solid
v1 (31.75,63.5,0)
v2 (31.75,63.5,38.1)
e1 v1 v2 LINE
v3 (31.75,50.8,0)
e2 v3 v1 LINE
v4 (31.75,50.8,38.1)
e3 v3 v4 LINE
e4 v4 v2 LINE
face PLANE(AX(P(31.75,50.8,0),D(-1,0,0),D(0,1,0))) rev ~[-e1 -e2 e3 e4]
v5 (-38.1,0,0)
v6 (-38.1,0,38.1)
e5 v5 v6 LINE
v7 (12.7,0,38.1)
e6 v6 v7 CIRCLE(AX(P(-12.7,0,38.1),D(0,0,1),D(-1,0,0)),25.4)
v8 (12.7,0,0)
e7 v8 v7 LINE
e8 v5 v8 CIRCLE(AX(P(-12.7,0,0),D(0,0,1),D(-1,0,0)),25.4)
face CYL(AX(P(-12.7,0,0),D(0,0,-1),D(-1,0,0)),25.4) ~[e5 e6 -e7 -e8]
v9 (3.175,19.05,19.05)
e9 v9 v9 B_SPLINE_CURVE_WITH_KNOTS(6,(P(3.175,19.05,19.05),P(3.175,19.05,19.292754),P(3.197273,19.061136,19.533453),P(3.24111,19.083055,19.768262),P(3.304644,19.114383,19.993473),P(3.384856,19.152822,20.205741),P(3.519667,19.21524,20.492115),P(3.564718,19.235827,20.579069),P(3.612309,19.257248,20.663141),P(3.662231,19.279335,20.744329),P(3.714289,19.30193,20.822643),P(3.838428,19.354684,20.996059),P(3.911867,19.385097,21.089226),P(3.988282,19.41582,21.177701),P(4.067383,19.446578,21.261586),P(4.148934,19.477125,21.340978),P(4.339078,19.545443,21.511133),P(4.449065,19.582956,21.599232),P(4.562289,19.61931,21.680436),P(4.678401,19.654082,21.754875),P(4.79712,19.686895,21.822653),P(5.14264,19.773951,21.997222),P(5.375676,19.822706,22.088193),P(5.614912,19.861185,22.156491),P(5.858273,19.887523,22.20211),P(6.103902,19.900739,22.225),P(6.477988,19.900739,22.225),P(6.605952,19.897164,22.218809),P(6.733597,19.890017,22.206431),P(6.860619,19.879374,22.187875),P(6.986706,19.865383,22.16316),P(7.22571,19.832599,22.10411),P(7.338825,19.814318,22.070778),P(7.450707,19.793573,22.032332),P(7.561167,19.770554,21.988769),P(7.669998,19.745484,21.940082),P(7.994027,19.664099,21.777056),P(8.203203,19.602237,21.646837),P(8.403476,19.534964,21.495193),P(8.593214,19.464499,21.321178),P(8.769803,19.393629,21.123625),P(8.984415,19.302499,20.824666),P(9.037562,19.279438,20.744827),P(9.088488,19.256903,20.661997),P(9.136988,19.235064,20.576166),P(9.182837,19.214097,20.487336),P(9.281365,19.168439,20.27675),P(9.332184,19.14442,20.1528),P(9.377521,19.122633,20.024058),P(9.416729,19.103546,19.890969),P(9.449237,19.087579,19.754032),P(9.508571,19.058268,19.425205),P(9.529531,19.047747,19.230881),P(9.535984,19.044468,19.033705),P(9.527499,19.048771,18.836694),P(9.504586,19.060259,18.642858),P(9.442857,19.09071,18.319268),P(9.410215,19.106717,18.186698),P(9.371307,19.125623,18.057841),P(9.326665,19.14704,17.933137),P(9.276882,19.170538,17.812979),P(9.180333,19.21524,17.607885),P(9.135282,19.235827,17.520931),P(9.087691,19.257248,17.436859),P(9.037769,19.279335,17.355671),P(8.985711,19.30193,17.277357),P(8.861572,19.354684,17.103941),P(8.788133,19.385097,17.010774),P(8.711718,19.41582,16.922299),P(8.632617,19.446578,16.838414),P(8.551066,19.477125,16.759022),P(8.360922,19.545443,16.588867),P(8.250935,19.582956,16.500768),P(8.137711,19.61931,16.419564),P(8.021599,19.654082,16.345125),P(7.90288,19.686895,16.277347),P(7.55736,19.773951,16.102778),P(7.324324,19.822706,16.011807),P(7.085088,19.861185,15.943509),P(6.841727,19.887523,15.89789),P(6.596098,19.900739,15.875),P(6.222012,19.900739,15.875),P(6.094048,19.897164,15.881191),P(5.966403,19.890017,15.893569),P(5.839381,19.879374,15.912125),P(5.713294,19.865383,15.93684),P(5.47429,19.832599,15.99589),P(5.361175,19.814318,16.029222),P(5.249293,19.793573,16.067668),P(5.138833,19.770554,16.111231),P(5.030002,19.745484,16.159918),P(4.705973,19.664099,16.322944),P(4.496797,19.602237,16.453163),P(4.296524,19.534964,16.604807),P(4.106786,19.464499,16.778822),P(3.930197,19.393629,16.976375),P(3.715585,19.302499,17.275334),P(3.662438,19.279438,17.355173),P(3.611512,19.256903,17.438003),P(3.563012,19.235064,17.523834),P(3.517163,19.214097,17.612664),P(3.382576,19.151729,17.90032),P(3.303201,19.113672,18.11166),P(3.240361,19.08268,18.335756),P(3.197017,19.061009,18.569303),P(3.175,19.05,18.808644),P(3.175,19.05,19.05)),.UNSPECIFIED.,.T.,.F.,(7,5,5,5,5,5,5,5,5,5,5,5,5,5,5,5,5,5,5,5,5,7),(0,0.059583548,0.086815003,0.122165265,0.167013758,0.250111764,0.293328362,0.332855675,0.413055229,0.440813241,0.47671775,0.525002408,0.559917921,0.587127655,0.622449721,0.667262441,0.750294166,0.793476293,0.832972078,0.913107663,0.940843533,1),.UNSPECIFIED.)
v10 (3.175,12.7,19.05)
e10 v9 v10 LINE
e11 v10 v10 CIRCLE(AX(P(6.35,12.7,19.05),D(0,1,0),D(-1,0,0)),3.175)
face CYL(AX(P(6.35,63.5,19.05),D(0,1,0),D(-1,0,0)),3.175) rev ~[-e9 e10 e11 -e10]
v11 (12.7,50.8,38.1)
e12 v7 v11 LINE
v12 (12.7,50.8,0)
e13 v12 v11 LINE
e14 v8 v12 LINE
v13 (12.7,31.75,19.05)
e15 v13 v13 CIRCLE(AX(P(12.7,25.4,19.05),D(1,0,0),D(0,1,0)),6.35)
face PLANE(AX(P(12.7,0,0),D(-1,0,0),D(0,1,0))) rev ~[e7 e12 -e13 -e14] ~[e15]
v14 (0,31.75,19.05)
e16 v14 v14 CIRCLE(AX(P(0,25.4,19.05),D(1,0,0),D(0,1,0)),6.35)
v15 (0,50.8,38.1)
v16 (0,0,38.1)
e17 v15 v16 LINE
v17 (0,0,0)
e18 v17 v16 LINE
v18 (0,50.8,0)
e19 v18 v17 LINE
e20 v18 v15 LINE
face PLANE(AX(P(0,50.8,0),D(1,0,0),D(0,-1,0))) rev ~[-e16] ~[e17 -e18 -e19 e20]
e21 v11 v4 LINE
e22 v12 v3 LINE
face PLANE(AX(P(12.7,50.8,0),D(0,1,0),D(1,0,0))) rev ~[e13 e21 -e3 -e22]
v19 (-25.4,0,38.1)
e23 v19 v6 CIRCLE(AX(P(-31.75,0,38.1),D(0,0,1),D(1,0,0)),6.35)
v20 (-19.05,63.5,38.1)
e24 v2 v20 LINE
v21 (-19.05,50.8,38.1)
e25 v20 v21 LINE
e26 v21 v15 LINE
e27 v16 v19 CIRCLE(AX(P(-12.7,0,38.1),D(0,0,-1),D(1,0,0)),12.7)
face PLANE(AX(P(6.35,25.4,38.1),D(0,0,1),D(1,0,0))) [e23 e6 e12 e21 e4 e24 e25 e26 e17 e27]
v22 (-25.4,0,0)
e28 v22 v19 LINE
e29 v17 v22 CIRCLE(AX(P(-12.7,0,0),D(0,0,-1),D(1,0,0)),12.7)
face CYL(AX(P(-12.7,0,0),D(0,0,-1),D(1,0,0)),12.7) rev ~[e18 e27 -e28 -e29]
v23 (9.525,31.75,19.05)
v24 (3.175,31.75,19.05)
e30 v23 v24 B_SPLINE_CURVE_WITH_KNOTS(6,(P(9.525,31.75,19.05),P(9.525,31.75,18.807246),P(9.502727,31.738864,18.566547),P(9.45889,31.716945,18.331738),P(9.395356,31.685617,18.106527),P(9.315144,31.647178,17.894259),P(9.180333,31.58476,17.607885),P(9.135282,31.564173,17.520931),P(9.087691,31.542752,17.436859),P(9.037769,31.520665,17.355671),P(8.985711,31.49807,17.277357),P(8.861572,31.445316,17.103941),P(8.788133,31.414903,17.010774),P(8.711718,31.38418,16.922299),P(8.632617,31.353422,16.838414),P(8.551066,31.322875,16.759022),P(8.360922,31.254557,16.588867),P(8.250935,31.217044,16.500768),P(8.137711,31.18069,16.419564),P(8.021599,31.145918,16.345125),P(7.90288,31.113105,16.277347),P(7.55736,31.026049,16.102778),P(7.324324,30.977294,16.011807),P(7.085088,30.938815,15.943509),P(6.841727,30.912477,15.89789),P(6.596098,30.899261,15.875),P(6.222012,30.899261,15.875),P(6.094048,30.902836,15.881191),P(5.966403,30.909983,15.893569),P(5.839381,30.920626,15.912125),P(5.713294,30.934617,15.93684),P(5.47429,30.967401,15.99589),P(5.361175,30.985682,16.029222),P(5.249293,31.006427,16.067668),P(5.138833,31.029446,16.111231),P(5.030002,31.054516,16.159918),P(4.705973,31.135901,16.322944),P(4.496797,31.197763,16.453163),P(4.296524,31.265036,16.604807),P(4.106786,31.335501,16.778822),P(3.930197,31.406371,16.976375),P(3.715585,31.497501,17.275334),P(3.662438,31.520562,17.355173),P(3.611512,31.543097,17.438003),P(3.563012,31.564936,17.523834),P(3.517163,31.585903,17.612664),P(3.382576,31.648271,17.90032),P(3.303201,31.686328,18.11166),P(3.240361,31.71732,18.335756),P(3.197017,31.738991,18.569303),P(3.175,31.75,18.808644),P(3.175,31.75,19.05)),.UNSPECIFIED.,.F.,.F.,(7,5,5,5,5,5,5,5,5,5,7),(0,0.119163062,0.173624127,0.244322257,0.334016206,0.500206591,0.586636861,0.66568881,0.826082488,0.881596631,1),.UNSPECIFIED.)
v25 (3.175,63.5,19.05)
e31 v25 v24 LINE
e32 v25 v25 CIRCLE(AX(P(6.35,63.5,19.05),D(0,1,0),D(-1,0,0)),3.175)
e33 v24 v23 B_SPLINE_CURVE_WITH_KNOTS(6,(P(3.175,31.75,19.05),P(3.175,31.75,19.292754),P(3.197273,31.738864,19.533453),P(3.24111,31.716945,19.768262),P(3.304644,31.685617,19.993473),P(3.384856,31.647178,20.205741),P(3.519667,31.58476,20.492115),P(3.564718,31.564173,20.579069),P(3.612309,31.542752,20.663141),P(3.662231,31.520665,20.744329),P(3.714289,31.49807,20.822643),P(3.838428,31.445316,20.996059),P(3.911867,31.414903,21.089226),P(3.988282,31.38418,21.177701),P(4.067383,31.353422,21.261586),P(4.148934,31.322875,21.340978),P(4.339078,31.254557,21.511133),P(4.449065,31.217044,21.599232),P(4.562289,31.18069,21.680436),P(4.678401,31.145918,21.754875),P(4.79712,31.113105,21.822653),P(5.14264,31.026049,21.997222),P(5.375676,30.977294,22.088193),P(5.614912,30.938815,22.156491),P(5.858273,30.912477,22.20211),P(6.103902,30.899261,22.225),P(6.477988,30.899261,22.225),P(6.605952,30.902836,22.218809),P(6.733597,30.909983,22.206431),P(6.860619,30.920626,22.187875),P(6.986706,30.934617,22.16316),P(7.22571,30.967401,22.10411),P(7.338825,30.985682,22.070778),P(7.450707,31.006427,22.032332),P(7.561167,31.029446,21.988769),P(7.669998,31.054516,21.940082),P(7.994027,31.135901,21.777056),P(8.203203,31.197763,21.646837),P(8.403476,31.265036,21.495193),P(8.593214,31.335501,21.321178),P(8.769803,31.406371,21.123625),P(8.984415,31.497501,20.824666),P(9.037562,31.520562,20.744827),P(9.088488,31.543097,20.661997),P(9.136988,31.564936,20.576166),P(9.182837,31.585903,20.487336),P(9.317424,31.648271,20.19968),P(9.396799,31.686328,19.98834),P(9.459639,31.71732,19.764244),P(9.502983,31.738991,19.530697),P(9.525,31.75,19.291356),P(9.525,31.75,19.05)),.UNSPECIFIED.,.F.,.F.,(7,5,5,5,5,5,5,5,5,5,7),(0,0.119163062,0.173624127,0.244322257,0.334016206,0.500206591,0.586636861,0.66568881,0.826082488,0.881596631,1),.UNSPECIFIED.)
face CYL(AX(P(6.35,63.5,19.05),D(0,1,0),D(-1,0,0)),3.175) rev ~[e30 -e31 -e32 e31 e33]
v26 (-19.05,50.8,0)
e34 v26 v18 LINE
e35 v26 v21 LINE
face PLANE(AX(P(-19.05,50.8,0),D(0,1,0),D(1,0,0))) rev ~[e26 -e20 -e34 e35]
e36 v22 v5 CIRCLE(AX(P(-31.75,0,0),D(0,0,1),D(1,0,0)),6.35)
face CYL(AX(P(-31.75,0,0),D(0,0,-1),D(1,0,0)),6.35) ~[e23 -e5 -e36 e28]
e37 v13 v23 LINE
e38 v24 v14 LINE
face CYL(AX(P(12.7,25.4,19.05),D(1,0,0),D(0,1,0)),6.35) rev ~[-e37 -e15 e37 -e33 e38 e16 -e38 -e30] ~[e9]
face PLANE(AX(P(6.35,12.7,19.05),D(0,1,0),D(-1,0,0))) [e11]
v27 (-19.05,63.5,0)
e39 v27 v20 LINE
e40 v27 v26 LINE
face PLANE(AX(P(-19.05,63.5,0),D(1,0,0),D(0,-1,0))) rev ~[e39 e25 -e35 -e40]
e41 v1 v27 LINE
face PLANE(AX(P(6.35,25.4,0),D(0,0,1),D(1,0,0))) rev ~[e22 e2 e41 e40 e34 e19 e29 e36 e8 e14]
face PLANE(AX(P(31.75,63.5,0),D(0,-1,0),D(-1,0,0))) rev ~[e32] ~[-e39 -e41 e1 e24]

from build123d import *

# Parameters (mm, degrees)
F1_DEPTH = 38.1
F2_R     = 6.35
F3_DEPTH = 50.801
F4_R     = 3.175
F5_DEPTH = 50.8


with BuildPart() as f1:
    # F0 (on Top) → F1 (new body)
    with BuildSketch(Plane.XY):
        Polygon((0, 50.8), (0, 0), (12.7, 0), (12.7, 50.8), (6.35, 50.8), align=None)
        with BuildLine():
            Line((12.7, 0), (0, 0))
            ThreePointArc((0, 0), (-12.7, -12.7), (-25.4, 0))
            ThreePointArc((-25.4, 0), (-31.75, 6.35), (-38.1, 0))
            ThreePointArc((-38.1, 0), (-12.7, -25.4), (12.7, 0))
        make_face()
        Polygon((-19.05, 50.8), (0, 50.8), (6.35, 50.8), (6.35, 63.5), (-19.05, 63.5), align=None)
        Polygon((6.35, 50.8), (12.7, 50.8), (31.75, 50.8), (31.75, 63.5), (6.35, 63.5), align=None)
    extrude(amount=F1_DEPTH)

    # F2 (on face) → F3 (cut, through all)
    with BuildSketch(Plane.YZ.offset(12.7)):
        with Locations((25.4, 19.05)):
            Circle(F2_R)
    extrude(amount=-F3_DEPTH, mode=Mode.SUBTRACT)

    # F4 (on face) → F5 (cut)
    with BuildSketch(Plane(origin=(0, 63.5, 0), x_dir=(-1, 0, 0), z_dir=(0, 1, 0))):
        with Locations((-6.35, 19.05)):
            Circle(F4_R)
    extrude(amount=-F5_DEPTH, mode=Mode.SUBTRACT)


solid = f1.part
